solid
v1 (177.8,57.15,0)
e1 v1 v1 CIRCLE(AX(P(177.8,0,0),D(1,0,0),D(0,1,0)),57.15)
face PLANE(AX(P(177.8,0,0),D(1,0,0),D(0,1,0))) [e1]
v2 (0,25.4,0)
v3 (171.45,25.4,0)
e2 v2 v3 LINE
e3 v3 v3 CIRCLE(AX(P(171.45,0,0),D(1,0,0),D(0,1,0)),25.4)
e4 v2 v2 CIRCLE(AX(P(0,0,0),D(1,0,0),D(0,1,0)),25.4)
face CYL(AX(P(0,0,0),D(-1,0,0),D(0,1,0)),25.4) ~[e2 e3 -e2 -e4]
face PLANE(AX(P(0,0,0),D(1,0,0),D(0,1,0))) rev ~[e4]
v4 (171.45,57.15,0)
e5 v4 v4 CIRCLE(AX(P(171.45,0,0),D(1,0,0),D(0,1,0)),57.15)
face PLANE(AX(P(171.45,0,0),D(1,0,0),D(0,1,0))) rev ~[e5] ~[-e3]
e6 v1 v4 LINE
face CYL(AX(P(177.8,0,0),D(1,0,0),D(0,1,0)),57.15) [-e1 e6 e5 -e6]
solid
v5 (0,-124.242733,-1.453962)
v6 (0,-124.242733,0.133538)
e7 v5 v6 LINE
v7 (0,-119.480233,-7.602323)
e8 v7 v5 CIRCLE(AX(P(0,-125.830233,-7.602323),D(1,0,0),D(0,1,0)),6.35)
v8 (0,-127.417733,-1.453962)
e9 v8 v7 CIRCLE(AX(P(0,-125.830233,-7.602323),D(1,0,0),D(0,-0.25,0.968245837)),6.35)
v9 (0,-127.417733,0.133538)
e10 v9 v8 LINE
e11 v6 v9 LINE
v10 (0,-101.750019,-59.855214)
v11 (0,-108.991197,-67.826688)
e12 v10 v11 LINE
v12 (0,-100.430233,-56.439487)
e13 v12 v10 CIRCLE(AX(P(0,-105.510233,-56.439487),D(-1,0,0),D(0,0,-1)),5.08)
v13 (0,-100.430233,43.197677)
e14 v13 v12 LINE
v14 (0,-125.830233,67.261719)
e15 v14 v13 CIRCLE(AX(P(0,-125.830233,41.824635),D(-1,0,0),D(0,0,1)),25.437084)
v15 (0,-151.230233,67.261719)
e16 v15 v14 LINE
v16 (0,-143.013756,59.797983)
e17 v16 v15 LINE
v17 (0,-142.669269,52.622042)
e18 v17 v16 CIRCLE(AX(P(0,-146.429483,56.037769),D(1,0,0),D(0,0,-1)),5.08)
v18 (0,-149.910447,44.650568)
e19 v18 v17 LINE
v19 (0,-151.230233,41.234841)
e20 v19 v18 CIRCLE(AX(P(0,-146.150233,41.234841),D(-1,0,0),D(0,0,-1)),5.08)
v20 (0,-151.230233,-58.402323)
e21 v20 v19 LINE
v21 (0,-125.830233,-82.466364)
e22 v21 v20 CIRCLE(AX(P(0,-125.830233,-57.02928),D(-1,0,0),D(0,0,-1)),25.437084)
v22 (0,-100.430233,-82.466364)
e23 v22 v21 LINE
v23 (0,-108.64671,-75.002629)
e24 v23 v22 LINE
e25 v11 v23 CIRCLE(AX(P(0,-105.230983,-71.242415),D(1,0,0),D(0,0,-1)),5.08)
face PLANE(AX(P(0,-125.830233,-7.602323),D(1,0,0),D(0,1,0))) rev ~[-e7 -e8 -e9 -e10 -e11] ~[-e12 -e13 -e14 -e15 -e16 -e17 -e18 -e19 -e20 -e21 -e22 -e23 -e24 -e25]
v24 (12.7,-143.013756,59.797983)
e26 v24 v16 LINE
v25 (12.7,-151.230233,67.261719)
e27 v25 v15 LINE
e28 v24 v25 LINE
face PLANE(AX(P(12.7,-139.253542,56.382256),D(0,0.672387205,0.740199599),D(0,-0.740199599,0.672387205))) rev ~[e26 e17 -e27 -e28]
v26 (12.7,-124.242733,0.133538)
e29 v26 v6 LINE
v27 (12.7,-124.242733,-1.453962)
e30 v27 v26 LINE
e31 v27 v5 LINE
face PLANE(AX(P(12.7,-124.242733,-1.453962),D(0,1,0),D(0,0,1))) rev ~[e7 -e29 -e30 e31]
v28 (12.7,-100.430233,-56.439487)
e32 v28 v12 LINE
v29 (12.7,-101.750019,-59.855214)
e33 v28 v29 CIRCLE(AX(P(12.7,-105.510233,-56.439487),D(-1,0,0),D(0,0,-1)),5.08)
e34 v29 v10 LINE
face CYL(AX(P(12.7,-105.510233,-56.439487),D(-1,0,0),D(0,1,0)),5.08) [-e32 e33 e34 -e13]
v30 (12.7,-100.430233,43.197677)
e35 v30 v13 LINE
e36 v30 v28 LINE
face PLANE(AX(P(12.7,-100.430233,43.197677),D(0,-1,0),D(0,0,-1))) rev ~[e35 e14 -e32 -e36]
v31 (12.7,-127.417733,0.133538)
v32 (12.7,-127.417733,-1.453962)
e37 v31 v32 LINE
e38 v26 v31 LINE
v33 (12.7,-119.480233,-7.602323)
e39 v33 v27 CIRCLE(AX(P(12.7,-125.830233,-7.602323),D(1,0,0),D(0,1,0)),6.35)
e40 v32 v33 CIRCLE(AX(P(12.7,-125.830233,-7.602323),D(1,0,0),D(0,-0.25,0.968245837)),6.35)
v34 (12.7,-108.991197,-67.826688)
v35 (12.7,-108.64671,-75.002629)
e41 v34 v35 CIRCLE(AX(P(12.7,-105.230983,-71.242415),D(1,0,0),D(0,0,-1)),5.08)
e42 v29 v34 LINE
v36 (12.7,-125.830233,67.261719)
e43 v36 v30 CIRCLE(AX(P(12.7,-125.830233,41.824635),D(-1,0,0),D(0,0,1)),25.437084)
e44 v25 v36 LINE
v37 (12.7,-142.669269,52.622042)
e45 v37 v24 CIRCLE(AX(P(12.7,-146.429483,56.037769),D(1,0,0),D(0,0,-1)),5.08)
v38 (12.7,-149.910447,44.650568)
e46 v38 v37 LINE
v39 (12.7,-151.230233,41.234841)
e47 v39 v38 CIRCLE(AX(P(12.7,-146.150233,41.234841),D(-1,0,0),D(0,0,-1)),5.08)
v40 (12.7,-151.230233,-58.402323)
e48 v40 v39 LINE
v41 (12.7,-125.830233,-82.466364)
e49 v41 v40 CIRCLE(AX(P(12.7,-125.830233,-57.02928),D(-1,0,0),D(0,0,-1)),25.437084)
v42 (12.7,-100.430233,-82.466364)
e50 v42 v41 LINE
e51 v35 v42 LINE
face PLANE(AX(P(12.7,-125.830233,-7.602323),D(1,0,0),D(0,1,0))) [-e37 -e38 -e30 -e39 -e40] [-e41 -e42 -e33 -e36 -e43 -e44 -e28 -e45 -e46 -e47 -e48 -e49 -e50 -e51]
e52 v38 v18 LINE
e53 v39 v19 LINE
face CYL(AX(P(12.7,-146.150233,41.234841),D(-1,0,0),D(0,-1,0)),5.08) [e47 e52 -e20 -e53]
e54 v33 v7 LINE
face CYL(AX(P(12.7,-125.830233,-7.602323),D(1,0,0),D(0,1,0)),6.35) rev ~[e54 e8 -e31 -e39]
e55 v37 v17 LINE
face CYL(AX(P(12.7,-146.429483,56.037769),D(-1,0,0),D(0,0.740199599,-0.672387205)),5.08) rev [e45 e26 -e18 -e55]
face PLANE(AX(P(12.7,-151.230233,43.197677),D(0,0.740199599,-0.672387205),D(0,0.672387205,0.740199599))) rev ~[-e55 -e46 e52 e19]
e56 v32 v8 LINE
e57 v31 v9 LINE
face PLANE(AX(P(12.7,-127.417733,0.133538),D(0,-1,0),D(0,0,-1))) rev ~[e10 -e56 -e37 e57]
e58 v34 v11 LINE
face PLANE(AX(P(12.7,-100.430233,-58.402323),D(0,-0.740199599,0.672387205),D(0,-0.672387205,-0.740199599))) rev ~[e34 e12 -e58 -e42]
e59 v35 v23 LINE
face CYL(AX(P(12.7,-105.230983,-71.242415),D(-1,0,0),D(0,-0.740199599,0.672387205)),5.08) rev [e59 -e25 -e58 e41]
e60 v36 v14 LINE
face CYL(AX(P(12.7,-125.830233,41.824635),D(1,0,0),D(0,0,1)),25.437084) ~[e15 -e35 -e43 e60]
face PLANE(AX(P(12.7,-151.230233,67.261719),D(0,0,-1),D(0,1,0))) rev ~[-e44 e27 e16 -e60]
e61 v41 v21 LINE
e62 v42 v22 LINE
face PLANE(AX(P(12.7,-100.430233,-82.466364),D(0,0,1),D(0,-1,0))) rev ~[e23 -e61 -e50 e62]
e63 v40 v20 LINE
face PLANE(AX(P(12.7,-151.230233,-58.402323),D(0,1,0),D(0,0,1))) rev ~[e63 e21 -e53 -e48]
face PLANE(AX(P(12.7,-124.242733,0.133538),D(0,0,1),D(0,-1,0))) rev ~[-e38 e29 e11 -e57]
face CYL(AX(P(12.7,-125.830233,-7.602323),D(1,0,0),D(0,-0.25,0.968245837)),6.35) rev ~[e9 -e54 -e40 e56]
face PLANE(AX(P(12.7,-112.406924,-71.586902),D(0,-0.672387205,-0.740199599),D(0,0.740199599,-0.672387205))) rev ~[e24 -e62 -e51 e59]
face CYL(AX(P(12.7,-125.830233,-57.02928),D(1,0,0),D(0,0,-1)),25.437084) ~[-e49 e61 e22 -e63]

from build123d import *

# Parameters (mm, degrees)
F0_R      = 25.4
F1_DEPTH  = 177.8
F2_R      = 57.15
F2_R_2    = 25.4
F3_DEPTH  = 6.35
F4_R      = 101.6
F5_DEPTH  = 12.7
F7_DEPTH  = 12.7
F9_R      = 101.6
F10_DEPTH = 12.7
F11_R     = 5.08


with BuildPart() as f1:
    # F0 (on Right) → F1 (new body)
    with BuildSketch(Plane.YZ):
        Circle(F0_R)
    extrude(amount=F1_DEPTH)

    # F2 (on face) → F3 (join)
    with BuildSketch(Plane.YZ.offset(177.8)):
        Circle(F2_R)
        Circle(F2_R_2, mode=Mode.SUBTRACT)
    extrude(amount=-F3_DEPTH)


with BuildPart() as f5:
    # F4 (on Right) → F5 (new body)
    with BuildSketch(Plane.YZ):
        with Locations((-125.8302330971, -7.6023228467)):
            Circle(F4_R)
    extrude(amount=F5_DEPTH)

    # F6 (on face) → F7 (cut, through all)
    with BuildSketch(Plane.YZ.offset(12.7)):
        with BuildLine():
            ThreePointArc((-127.4177330971, -1.4539617845), (-129.7187980637, -12.6224386322), (-119.4802330971, -7.6023228467))
            ThreePointArc((-119.4802330971, -7.6023228467), (-120.8101173116, -3.71375788), (-124.2427330971, -1.4539617845))
            ThreePointArc((-124.2427330971, -1.4539617845), (-125.8302330971, -1.2523228467), (-127.4177330971, -1.4539617845))
        make_face()
        with BuildLine():
            ThreePointArc((-127.4177330971, -1.4539617845), (-125.8302330971, -1.2523228467), (-124.2427330971, -1.4539617845))
            Line((-124.2427330971, -1.4539617845), (-124.2427330971, 0.1335382155))
            Line((-124.2427330971, 0.1335382155), (-127.4177330971, 0.1335382155))
            Line((-127.4177330971, 0.1335382155), (-127.4177330971, -1.4539617845))
        make_face()
    extrude(amount=-F7_DEPTH, mode=Mode.SUBTRACT)

    # F9 (on face) → F10 (cut, through all)
    with BuildSketch(Plane.YZ.offset(12.7)):
        with Locations((-125.8302330971, -7.6023228467)):
            Circle(F9_R)
        with BuildLine():
            ThreePointArc((-125.8302330971, 67.2617186885), (-108.3356761221, 60.2904333334), (-100.4302330971, 43.1976771533))
            Line((-100.4302330971, 43.1976771533), (-100.4302330971, -7.6023228467))
            Line((-100.4302330971, -7.6023228467), (-100.4302330971, -58.4023228467))
            Line((-100.4302330971, -58.4023228467), (-112.406924367, -71.586901629))
            Line((-112.406924367, -71.586901629), (-100.4302330971, -82.4663643818))
            Line((-100.4302330971, -82.4663643818), (-125.8302330971, -82.4663643818))
            ThreePointArc((-125.8302330971, -82.4663643818), (-143.3247900721, -75.4950790267), (-151.2302330971, -58.4023228467))
            Line((-151.2302330971, -58.4023228467), (-151.2302330971, -7.6023227028))
            Line((-151.2302330971, -7.6023227028), (-151.2302330971, 43.1976771533))
            Line((-151.2302330971, 43.1976771533), (-139.2535418272, 56.3822559357))
            Line((-139.2535418272, 56.3822559357), (-151.2302330971, 67.2617186885))
            Line((-151.2302330971, 67.2617186885), (-125.8302330971, 67.2617186885))
        make_face(mode=Mode.SUBTRACT)
    extrude(amount=-F10_DEPTH, mode=Mode.SUBTRACT)

    # F11
    f11_edges = [f5.edges().sort_by_distance(p)[0] for p in [
        (6.35, -151.230233, 43.197677),
        (6.35, -100.430233, -58.402323),
        (6.35, -112.406924, -71.586902),
        (6.35, -139.253542, 56.382256),
    ]]
    fillet(f11_edges, radius=F11_R)


solid = Compound([f1.part, f5.part])
